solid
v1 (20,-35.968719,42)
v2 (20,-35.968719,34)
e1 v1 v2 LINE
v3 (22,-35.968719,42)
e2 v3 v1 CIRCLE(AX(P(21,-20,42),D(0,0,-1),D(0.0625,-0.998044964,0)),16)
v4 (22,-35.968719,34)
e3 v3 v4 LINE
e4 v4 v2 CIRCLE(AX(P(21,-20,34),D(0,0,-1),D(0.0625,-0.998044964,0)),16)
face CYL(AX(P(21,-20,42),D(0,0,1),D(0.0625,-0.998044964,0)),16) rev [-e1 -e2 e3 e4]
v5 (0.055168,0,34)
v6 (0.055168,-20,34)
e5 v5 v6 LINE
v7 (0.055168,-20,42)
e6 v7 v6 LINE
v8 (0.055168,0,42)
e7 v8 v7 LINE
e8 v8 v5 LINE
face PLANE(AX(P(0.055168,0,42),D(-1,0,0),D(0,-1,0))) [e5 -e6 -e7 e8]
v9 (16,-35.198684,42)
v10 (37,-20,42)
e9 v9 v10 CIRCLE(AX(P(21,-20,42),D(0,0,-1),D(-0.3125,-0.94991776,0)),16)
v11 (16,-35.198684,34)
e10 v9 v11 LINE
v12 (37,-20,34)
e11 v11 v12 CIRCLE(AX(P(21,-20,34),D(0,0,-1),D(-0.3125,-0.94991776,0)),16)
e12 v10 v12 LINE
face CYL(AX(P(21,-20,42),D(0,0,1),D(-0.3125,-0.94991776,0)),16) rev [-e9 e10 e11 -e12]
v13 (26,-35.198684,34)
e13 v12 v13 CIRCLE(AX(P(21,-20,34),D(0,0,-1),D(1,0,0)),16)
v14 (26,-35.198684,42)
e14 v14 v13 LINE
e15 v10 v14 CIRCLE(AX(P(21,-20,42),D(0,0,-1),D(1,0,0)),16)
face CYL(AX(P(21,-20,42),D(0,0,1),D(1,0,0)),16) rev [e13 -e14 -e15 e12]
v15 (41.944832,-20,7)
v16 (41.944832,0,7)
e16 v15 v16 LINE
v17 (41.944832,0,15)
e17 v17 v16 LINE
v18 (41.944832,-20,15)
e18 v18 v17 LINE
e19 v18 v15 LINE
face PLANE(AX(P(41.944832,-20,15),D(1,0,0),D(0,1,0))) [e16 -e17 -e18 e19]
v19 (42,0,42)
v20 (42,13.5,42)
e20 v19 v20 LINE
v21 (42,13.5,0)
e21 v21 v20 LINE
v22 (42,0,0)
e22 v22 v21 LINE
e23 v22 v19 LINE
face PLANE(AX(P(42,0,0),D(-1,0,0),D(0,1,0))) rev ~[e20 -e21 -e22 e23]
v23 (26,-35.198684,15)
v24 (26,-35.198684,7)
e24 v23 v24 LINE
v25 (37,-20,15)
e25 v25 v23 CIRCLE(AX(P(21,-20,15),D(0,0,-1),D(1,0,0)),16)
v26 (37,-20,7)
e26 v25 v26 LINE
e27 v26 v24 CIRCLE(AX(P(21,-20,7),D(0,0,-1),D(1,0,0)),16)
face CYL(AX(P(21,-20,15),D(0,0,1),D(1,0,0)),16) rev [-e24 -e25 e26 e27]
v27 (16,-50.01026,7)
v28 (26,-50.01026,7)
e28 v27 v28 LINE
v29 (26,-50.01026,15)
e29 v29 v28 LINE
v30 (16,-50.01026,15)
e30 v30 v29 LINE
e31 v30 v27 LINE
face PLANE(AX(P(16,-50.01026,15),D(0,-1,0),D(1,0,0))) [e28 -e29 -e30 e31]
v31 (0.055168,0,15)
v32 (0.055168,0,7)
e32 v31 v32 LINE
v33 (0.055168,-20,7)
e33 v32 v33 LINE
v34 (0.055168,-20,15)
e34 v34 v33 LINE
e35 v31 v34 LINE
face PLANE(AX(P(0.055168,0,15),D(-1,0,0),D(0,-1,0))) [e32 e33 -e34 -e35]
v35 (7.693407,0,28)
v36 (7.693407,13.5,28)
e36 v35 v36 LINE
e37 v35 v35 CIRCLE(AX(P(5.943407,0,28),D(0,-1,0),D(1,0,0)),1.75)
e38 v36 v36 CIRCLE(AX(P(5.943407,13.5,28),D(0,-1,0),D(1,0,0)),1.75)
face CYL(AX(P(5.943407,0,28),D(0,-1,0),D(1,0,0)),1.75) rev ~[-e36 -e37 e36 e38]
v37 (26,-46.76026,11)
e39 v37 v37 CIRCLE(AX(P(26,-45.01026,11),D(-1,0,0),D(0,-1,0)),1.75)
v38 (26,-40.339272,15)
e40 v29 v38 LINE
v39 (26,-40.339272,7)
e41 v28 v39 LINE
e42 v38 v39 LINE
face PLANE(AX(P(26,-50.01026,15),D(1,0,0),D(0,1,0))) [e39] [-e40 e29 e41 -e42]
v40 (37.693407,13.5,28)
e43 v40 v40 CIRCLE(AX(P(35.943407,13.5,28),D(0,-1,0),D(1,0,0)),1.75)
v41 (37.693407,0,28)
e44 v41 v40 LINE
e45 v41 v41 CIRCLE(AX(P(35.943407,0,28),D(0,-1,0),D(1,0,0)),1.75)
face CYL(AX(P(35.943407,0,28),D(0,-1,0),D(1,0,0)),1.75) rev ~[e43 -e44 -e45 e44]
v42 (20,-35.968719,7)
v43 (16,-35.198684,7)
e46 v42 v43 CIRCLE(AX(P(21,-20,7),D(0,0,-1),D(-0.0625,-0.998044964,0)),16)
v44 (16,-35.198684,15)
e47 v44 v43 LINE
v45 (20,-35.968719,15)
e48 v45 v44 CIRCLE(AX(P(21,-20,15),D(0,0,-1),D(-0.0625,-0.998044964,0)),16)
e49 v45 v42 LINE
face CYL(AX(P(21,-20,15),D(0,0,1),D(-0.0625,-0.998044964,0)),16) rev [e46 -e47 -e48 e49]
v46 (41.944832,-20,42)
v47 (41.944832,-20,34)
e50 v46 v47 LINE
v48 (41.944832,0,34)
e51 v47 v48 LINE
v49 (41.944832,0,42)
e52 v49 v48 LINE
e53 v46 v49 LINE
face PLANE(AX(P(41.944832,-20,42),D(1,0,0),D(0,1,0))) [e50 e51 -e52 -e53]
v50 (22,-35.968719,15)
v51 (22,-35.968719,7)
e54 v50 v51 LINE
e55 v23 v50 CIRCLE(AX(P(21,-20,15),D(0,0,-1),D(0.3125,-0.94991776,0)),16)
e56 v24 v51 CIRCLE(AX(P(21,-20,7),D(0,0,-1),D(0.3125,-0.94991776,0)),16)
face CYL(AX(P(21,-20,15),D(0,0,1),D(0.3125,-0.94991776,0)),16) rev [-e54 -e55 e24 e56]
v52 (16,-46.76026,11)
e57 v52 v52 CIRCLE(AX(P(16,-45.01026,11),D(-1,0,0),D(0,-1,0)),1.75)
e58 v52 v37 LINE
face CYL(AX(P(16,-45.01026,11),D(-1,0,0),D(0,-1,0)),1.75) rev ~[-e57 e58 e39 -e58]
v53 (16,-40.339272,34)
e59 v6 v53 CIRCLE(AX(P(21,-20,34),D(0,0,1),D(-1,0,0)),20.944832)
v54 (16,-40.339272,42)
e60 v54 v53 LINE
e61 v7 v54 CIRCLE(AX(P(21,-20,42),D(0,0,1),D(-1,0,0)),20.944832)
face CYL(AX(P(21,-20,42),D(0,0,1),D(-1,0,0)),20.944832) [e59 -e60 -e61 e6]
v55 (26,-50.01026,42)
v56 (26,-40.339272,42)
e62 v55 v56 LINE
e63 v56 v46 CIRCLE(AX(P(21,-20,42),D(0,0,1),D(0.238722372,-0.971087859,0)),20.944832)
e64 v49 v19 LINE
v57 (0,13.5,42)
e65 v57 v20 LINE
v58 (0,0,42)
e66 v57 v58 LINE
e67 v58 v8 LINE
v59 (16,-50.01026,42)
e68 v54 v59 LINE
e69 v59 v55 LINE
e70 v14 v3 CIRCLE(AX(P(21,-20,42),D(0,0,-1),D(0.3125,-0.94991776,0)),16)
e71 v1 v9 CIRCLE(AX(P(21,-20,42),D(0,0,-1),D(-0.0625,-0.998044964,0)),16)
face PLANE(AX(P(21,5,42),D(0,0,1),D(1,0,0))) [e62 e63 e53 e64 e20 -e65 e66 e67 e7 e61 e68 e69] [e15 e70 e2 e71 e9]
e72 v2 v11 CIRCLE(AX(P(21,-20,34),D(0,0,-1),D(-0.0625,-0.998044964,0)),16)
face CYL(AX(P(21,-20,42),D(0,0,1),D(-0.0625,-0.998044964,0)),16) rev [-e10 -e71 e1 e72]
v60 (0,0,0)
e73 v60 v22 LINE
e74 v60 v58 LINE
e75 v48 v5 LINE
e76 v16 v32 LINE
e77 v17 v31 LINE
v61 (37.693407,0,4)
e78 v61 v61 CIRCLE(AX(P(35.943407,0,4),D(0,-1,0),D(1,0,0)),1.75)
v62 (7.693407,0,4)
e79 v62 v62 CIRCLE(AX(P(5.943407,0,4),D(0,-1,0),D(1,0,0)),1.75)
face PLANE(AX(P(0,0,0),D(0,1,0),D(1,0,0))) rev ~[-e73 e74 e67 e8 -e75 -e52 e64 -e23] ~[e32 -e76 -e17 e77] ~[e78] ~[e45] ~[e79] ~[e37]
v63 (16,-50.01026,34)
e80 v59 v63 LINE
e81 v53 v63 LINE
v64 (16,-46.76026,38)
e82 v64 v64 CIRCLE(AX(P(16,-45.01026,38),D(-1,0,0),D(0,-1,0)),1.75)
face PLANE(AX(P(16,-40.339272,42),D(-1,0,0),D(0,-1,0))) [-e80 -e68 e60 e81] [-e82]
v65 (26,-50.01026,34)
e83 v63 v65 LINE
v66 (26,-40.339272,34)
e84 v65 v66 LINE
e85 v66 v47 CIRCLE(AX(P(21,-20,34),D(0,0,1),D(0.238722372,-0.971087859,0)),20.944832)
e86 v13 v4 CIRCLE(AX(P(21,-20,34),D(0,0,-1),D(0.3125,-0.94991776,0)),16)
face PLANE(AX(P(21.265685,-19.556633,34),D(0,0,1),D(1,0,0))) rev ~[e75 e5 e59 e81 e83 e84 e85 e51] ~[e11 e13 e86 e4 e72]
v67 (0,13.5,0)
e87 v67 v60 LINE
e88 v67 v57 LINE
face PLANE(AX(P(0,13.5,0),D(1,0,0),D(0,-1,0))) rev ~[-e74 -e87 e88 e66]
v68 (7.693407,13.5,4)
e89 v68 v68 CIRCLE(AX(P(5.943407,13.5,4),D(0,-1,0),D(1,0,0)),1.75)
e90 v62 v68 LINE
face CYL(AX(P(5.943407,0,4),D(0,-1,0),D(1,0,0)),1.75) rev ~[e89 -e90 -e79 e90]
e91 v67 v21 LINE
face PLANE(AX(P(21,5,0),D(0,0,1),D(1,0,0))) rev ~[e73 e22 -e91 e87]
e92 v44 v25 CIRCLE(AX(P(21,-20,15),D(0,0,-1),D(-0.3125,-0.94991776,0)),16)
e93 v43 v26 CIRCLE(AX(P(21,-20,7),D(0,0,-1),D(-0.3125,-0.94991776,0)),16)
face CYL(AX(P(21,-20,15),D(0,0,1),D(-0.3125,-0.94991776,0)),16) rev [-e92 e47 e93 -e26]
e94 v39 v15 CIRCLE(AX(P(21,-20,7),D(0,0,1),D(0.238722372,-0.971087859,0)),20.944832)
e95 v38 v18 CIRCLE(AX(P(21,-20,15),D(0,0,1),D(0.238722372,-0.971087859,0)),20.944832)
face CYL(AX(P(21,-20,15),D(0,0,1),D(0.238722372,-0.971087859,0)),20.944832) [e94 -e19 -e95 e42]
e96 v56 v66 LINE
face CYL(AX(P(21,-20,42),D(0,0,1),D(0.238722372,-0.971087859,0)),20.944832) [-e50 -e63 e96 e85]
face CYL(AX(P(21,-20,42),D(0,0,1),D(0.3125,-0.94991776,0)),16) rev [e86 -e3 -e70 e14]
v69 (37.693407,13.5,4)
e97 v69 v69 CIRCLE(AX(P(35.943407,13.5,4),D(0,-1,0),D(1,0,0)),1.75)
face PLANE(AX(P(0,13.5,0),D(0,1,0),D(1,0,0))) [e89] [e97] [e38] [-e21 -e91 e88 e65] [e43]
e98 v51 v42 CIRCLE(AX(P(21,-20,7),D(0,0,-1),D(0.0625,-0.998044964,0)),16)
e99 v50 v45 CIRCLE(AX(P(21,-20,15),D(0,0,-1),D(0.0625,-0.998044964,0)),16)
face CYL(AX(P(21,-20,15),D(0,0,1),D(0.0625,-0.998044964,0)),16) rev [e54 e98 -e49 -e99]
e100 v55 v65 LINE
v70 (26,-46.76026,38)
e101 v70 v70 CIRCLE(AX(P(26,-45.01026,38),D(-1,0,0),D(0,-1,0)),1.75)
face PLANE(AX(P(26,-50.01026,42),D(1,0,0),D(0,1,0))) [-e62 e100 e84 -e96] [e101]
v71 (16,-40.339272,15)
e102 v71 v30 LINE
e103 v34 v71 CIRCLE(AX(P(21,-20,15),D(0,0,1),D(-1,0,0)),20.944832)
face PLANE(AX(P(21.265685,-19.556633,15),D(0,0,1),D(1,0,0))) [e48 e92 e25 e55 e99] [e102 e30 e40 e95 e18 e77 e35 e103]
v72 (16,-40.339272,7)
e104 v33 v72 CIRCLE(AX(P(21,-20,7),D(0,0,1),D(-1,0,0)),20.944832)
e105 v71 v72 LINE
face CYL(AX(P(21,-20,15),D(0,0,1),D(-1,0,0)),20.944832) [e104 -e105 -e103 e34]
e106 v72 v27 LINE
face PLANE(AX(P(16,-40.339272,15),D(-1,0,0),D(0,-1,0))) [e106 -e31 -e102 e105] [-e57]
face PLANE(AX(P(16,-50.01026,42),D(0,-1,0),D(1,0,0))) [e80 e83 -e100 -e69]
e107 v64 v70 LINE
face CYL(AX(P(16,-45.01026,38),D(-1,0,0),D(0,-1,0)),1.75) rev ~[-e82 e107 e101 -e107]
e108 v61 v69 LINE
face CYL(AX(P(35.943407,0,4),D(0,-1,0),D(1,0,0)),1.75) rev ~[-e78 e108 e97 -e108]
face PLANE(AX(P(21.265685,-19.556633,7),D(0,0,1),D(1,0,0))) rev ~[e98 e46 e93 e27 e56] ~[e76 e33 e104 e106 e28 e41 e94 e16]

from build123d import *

# Parameters (mm, degrees)
F0_W     = 42
F0_H     = 10
F0_H_2   = 3.5
F1_DEPTH = 42
F2_R     = 1.75
F3_DEPTH = 25
F5_DEPTH = 8
F6_START = -27
F6_DEPTH = 8
F7_R     = 1.75
F8_DEPTH = 25


with BuildPart() as f1:
    # F0 (on Top) → F1 (new body)
    with BuildSketch(Plane.XY):
        with Locations((21, 5)):
            Rectangle(F0_W, F0_H)
        with Locations((21, 11.75)):
            Rectangle(F0_W, F0_H_2)
    extrude(amount=F1_DEPTH)

    # F2 (on face) → F3 (cut)
    with BuildSketch(Plane.XZ):
        with Locations((5.9434068862, 28)):
            Circle(F2_R)
        with Locations((5.9434068862, 4)):
            Circle(F2_R)
        with Locations((35.9434068862, 4)):
            Circle(F2_R)
        with Locations((35.9434068862, 28)):
            Circle(F2_R)
    extrude(amount=-F3_DEPTH, mode=Mode.SUBTRACT)

    # F4 (on face) → F5 (join)
    with BuildSketch(Plane.XY.offset(42)):
        with BuildLine():
            ThreePointArc((16, -35.1986841536), (11.6191684804, -7.0385186032), (37, -20))
            ThreePointArc((37, -20), (33.9614813968, -29.3808315196), (26, -35.1986841536))
            Line((26, -35.1986841536), (26, -40.33927218))
            ThreePointArc((26, -40.33927218), (37.4834789023, -32.9221095835), (41.9448321266, -20))
            ThreePointArc((41.9448321266, -20), (37.8665170629, -7.582005195), (27.219806493, 0))
            Line((27.219806493, 0), (14.780193507, 0))
            ThreePointArc((14.780193507, 0), (4.1334829371, -7.582005195), (0.0551678734, -20))
            ThreePointArc((0.0551678734, -20), (4.5165210977, -32.9221095835), (16, -40.33927218))
            Line((16, -40.33927218), (16, -35.1986841536))
        make_face()
        with BuildLine():
            Line((26, -40.33927218), (26, -35.1986841536))
            ThreePointArc((26, -35.1986841536), (24.0246055245, -35.7115168402), (22, -35.9687194227))
            Line((22, -35.9687194227), (22, -40.9209462695))
            ThreePointArc((22, -40.9209462695), (24.0140647283, -40.7268281853), (26, -40.33927218))
        make_face()
        with BuildLine():
            Line((26, -50.0102601945), (26, -40.33927218))
            ThreePointArc((26, -40.33927218), (24.0140647283, -40.7268281853), (22, -40.9209462695))
            Line((22, -40.9209462695), (22, -50.0102601945))
            Line((22, -50.0102601945), (26, -50.0102601945))
        make_face()
        with BuildLine():
            ThreePointArc((20, -40.9209462695), (17.9859352717, -40.7268281853), (16, -40.33927218))
            Line((16, -40.33927218), (16, -50.0102601945))
            Line((16, -50.0102601945), (20, -50.0102601945))
            Line((20, -50.0102601945), (20, -40.9209462695))
        make_face()
        with BuildLine():
            ThreePointArc((20, -35.9687194227), (17.9753944755, -35.7115168402), (16, -35.1986841536))
            Line((16, -35.1986841536), (16, -40.33927218))
            ThreePointArc((16, -40.33927218), (17.9859352717, -40.7268281853), (20, -40.9209462695))
            Line((20, -40.9209462695), (20, -35.9687194227))
        make_face()
        with BuildLine():
            ThreePointArc((22, -35.9687194227), (21, -36), (20, -35.9687194227))
            Line((20, -35.9687194227), (20, -40.9209462695))
            ThreePointArc((20, -40.9209462695), (21, -40.9448321266), (22, -40.9209462695))
            Line((22, -40.9209462695), (22, -35.9687194227))
        make_face()
        with BuildLine():
            ThreePointArc((22, -40.9209462695), (21, -40.9448321266), (20, -40.9209462695))
            Line((20, -40.9209462695), (20, -50.0102601945))
            Line((20, -50.0102601945), (22, -50.0102601945))
            Line((22, -50.0102601945), (22, -40.9209462695))
        make_face()
        with BuildLine():
            Line((0.0551678734, 0), (0.0551678734, -20))
            ThreePointArc((0.0551678734, -20), (4.1334829371, -7.582005195), (14.780193507, 0))
            Line((14.780193507, 0), (0.0551678734, 0))
        make_face()
        with BuildLine():
            ThreePointArc((27.219806493, 0), (37.8665170629, -7.582005195), (41.9448321266, -20))
            Line((41.9448321266, -20), (41.9448321266, 0))
            Line((41.9448321266, 0), (27.219806493, 0))
        make_face()
    extrude(amount=-F5_DEPTH)

    # F4 (on face) → F6 (join)
    with BuildSketch(Plane.XY.offset(42).offset(F6_START)):
        with BuildLine():
            ThreePointArc((16, -35.1986841536), (11.6191684804, -7.0385186032), (37, -20))
            ThreePointArc((37, -20), (33.9614813968, -29.3808315196), (26, -35.1986841536))
            Line((26, -35.1986841536), (26, -40.33927218))
            ThreePointArc((26, -40.33927218), (37.4834789023, -32.9221095835), (41.9448321266, -20))
            ThreePointArc((41.9448321266, -20), (37.8665170629, -7.582005195), (27.219806493, 0))
            Line((27.219806493, 0), (14.780193507, 0))
            ThreePointArc((14.780193507, 0), (4.1334829371, -7.582005195), (0.0551678734, -20))
            ThreePointArc((0.0551678734, -20), (4.5165210977, -32.9221095835), (16, -40.33927218))
            Line((16, -40.33927218), (16, -35.1986841536))
        make_face()
        with BuildLine():
            ThreePointArc((20, -35.9687194227), (17.9753944755, -35.7115168402), (16, -35.1986841536))
            Line((16, -35.1986841536), (16, -40.33927218))
            ThreePointArc((16, -40.33927218), (17.9859352717, -40.7268281853), (20, -40.9209462695))
            Line((20, -40.9209462695), (20, -35.9687194227))
        make_face()
        with BuildLine():
            ThreePointArc((20, -40.9209462695), (17.9859352717, -40.7268281853), (16, -40.33927218))
            Line((16, -40.33927218), (16, -50.0102601945))
            Line((16, -50.0102601945), (20, -50.0102601945))
            Line((20, -50.0102601945), (20, -40.9209462695))
        make_face()
        with BuildLine():
            Line((26, -50.0102601945), (26, -40.33927218))
            ThreePointArc((26, -40.33927218), (24.0140647283, -40.7268281853), (22, -40.9209462695))
            Line((22, -40.9209462695), (22, -50.0102601945))
            Line((22, -50.0102601945), (26, -50.0102601945))
        make_face()
        with BuildLine():
            Line((26, -40.33927218), (26, -35.1986841536))
            ThreePointArc((26, -35.1986841536), (24.0246055245, -35.7115168402), (22, -35.9687194227))
            Line((22, -35.9687194227), (22, -40.9209462695))
            ThreePointArc((22, -40.9209462695), (24.0140647283, -40.7268281853), (26, -40.33927218))
        make_face()
        with BuildLine():
            ThreePointArc((22, -40.9209462695), (21, -40.9448321266), (20, -40.9209462695))
            Line((20, -40.9209462695), (20, -50.0102601945))
            Line((20, -50.0102601945), (22, -50.0102601945))
            Line((22, -50.0102601945), (22, -40.9209462695))
        make_face()
        with BuildLine():
            ThreePointArc((22, -35.9687194227), (21, -36), (20, -35.9687194227))
            Line((20, -35.9687194227), (20, -40.9209462695))
            ThreePointArc((20, -40.9209462695), (21, -40.9448321266), (22, -40.9209462695))
            Line((22, -40.9209462695), (22, -35.9687194227))
        make_face()
        with BuildLine():
            Line((0.0551678734, 0), (0.0551678734, -20))
            ThreePointArc((0.0551678734, -20), (4.1334829371, -7.582005195), (14.780193507, 0))
            Line((14.780193507, 0), (0.0551678734, 0))
        make_face()
        with BuildLine():
            ThreePointArc((27.219806493, 0), (37.8665170629, -7.582005195), (41.9448321266, -20))
            Line((41.9448321266, -20), (41.9448321266, 0))
            Line((41.9448321266, 0), (27.219806493, 0))
        make_face()
    extrude(amount=-F6_DEPTH)

    # F7 (on face) → F8 (cut)
    with BuildSketch(Plane(origin=(16, 0, 0), x_dir=(0, -1, 0), z_dir=(-1, 0, 0))):
        with Locations((45.0102601945, 38)):
            Circle(F7_R)
        with Locations((45.0102601945, 11)):
            Circle(F7_R)
    extrude(amount=-F8_DEPTH, mode=Mode.SUBTRACT)


solid = f1.part
